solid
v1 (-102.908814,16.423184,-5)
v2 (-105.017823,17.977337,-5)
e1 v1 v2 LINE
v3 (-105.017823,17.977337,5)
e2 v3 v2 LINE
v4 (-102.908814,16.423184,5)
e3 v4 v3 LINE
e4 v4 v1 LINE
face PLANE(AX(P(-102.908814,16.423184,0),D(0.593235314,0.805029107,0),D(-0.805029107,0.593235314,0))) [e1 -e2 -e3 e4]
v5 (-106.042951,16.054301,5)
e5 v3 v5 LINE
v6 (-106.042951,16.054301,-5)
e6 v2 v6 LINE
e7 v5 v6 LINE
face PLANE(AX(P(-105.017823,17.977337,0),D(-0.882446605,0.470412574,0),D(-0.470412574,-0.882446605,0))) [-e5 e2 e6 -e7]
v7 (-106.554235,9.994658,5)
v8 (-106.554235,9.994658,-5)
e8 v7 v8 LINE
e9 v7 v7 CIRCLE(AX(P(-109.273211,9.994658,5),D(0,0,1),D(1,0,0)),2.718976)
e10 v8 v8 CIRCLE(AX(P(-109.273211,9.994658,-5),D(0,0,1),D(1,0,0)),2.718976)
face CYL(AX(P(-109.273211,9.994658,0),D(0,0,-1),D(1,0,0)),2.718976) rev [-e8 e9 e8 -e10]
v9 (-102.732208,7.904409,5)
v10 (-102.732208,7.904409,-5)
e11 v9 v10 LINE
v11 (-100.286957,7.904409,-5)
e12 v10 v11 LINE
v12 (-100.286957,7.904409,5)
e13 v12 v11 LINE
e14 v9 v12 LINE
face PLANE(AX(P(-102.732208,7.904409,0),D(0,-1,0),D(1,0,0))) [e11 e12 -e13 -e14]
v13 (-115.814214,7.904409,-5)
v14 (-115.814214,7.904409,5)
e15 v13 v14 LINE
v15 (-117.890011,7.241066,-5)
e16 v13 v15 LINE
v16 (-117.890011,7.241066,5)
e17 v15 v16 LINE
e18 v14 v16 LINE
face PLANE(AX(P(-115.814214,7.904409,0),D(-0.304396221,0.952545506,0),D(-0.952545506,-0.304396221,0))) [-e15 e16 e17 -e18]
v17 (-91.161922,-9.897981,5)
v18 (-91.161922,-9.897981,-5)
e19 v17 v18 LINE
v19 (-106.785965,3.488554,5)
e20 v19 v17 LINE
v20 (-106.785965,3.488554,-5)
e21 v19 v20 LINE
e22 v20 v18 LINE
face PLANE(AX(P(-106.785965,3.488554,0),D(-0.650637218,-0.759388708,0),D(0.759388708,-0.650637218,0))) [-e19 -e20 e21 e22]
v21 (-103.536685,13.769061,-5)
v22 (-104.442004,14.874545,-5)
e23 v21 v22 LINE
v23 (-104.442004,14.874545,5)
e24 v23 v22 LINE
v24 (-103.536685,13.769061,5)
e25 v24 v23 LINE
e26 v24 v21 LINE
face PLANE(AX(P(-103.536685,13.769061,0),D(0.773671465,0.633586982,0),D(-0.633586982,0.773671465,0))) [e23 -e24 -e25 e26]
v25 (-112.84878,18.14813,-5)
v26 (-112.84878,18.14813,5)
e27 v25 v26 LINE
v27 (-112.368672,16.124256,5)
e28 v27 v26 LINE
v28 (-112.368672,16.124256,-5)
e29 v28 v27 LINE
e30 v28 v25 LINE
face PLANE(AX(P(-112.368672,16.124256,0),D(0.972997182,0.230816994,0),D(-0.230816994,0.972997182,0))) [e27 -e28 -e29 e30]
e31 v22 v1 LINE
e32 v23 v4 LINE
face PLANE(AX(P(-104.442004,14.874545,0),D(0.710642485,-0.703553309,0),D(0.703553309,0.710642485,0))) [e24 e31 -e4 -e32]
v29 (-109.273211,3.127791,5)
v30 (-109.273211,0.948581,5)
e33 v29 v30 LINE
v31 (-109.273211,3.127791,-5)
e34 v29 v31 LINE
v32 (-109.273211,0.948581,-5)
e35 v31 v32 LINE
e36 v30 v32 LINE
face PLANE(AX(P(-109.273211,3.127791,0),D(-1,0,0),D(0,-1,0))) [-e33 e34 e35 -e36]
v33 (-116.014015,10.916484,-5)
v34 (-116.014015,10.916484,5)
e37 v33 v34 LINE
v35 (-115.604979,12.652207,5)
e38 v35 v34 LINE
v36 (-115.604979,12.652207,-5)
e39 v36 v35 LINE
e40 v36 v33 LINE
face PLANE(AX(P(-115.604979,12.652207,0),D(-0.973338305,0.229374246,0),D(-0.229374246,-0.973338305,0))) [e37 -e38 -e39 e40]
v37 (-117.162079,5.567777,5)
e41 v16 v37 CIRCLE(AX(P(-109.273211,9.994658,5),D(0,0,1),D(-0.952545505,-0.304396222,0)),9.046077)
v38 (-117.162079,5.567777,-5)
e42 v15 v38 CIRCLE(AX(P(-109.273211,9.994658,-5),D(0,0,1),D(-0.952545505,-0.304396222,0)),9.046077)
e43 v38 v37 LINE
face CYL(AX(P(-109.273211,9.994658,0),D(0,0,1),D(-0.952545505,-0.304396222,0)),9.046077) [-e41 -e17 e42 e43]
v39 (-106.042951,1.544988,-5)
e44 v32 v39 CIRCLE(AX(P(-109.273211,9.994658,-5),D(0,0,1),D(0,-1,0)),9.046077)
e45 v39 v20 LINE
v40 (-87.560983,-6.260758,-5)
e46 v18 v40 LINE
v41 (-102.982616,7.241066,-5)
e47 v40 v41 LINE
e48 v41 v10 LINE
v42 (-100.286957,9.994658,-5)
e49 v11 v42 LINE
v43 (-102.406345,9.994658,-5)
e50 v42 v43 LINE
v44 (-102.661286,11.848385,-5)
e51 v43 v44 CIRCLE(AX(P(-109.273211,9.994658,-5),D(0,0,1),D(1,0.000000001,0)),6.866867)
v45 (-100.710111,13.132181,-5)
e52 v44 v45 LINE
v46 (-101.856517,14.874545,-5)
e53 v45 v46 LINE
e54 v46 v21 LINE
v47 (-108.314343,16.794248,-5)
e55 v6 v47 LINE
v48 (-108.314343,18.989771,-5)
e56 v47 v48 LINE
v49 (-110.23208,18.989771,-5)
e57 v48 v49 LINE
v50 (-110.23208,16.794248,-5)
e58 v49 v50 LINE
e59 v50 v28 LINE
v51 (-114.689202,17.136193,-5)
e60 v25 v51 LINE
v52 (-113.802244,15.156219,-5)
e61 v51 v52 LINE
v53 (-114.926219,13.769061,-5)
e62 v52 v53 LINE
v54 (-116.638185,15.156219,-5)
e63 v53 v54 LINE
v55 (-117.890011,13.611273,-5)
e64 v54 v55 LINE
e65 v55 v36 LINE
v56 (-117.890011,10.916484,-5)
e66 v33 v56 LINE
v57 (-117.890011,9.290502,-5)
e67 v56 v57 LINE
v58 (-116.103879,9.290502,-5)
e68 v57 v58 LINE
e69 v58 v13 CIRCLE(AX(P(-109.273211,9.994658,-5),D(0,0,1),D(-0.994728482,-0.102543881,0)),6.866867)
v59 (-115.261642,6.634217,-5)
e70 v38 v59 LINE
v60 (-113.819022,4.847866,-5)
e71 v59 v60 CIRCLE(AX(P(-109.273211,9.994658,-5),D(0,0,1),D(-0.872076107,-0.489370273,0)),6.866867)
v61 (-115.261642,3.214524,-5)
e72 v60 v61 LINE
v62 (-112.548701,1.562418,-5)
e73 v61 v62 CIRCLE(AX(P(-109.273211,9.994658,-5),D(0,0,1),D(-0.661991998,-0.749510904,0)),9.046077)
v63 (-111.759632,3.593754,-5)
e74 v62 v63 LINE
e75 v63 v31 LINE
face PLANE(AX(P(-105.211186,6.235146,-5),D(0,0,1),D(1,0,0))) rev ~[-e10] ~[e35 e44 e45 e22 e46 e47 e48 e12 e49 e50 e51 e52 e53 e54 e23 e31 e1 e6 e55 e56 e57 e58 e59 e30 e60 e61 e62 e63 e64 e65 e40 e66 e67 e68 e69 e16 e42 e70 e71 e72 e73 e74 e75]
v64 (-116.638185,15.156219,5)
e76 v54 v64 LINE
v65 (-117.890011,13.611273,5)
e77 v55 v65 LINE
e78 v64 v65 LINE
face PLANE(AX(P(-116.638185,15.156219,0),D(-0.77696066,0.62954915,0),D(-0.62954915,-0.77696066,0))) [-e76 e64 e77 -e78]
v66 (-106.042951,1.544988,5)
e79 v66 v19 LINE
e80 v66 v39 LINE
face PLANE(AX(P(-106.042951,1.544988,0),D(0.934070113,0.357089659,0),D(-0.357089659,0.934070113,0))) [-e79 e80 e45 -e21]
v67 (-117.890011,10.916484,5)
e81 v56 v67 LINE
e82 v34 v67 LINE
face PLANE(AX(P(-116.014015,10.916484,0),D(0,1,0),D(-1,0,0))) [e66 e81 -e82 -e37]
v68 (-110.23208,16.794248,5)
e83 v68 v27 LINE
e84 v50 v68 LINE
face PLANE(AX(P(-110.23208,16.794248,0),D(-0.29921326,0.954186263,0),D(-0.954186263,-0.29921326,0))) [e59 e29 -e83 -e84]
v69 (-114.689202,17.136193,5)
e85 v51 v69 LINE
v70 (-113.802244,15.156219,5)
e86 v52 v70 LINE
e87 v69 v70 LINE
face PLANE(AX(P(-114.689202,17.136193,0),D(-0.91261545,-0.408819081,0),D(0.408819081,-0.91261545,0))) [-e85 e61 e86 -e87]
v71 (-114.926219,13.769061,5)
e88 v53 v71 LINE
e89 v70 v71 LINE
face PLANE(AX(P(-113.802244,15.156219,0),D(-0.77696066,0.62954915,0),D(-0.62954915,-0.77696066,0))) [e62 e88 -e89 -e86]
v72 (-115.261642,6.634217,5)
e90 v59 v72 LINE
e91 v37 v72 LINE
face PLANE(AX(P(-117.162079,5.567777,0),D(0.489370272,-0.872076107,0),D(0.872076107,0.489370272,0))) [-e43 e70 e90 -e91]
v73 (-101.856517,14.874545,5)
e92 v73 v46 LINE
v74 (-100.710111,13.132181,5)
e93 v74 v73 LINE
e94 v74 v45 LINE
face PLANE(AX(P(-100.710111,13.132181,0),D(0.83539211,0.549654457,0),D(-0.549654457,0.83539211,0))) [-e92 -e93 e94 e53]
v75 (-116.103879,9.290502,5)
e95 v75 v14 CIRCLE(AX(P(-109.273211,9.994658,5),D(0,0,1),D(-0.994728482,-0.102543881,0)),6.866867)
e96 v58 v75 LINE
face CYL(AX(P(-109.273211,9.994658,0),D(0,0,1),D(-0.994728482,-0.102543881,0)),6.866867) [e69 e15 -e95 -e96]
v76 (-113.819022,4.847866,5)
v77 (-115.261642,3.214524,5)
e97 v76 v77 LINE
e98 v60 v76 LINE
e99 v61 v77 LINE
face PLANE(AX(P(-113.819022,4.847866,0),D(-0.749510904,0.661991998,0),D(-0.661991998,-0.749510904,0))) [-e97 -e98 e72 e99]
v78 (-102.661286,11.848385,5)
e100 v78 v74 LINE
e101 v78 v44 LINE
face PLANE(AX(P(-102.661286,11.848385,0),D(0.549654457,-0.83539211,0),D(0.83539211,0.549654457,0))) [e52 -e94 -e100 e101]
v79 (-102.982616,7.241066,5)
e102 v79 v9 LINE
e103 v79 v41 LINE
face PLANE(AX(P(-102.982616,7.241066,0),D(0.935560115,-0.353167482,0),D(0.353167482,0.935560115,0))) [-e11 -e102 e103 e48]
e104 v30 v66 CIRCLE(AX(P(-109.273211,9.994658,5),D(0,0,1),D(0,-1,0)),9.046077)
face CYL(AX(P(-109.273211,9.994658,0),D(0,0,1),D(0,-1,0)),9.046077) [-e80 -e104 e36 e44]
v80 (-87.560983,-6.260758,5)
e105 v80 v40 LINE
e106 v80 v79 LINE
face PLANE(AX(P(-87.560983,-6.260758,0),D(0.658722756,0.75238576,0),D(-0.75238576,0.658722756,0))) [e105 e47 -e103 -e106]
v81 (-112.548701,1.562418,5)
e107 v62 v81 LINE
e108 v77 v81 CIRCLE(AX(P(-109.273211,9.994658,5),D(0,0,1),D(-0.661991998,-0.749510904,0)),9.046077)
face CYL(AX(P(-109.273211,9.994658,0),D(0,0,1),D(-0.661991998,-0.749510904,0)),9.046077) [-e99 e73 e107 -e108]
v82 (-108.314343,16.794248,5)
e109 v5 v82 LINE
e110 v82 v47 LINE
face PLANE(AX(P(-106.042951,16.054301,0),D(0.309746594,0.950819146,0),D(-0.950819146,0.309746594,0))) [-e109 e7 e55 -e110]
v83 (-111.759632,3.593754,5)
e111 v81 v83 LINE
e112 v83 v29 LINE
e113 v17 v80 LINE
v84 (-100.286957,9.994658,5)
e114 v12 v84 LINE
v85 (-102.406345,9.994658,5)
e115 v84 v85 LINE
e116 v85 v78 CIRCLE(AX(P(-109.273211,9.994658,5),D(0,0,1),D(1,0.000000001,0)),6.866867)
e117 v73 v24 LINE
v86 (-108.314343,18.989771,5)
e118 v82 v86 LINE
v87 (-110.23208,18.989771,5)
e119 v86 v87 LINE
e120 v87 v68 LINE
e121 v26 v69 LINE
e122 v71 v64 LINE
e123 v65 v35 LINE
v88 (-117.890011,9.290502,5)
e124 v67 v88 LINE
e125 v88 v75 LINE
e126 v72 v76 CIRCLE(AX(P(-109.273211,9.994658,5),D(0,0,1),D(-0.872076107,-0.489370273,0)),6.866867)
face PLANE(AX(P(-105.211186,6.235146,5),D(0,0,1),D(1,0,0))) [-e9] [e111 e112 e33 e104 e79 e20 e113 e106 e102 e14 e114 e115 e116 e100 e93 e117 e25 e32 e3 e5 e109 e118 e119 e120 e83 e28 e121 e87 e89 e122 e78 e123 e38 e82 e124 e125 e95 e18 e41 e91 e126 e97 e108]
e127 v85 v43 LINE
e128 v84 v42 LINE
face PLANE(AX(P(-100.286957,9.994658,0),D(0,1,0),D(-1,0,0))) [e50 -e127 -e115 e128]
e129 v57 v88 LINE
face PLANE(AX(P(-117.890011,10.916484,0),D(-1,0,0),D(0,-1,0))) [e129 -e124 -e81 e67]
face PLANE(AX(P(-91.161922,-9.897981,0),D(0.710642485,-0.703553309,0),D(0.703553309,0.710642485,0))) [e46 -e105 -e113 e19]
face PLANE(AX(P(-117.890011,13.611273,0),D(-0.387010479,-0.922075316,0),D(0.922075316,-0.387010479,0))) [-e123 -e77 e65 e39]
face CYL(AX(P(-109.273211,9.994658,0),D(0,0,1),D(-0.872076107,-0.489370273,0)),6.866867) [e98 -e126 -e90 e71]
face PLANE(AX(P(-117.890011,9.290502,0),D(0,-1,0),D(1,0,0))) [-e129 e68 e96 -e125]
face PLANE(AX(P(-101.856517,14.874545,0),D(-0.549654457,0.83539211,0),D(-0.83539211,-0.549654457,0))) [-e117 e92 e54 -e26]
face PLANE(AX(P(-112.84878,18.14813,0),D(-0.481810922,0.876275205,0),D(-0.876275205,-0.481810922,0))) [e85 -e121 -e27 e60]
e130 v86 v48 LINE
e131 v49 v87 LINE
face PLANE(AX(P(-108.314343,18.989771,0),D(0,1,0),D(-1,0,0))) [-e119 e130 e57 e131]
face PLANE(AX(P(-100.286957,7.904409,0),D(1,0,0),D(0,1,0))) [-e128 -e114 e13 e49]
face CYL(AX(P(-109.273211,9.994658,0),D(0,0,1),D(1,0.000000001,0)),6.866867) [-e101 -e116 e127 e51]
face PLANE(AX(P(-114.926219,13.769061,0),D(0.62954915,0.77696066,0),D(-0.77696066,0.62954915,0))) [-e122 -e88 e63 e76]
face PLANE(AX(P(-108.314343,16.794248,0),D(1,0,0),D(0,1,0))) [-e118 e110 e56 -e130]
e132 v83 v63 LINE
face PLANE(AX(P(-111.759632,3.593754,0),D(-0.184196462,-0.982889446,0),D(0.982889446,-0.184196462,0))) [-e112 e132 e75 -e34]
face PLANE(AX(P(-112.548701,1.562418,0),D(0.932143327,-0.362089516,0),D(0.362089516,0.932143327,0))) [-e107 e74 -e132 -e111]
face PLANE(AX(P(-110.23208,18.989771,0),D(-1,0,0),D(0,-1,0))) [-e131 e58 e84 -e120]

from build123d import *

# Parameters (mm, degrees)
SKETCH7_R           = 2.718976156
BOSS_EXTRUDE5_DEPTH = 5


with BuildPart() as part:
    # Sketch7 → Boss-Extrude5 (new body, symmetric)
    with BuildSketch(Plane.XY):
        with BuildLine():
            Line((-108.314342925, 18.989771489), (-110.232079527, 18.989771489))
            Line((-110.232079527, 18.989771489), (-110.232079527, 16.794247959))
            Line((-110.232079527, 16.794247959), (-112.368671741, 16.124256422))
            Line((-112.368671741, 16.124256422), (-112.848780488, 18.148130182))
            Line((-112.848780488, 18.148130182), (-114.689202025, 17.136193302))
            Line((-114.689202025, 17.136193302), (-113.802244367, 15.156219029))
            Line((-113.802244367, 15.156219029), (-114.926218754, 13.769061439))
            Line((-114.926218754, 13.769061439), (-116.638184972, 15.156219029))
            Line((-116.638184972, 15.156219029), (-117.890010894, 13.611272945))
            Line((-117.890010894, 13.611272945), (-115.604979487, 12.652206929))
            Line((-115.604979487, 12.652206929), (-116.014015282, 10.916483695))
            Line((-116.014015282, 10.916483695), (-117.890010894, 10.916483695))
            Line((-117.890010894, 10.916483695), (-117.890010894, 9.290502395))
            Line((-117.890010894, 9.290502395), (-116.103879087, 9.290502395))
            ThreePointArc((-116.103879087, 9.290502395), (-115.994870907, 8.589969318), (-115.814214218, 7.904409303))
            Line((-115.814214218, 7.904409303), (-117.890010894, 7.24106602))
            ThreePointArc((-117.890010894, 7.24106602), (-117.56834444, 6.386019614), (-117.162078542, 5.567776566))
            Line((-117.162078542, 5.567776566), (-115.261641584, 6.634217149))
            ThreePointArc((-115.261641584, 6.634217149), (-114.615525484, 5.680316792), (-113.819022014, 4.847866116))
            Line((-113.819022014, 4.847866116), (-115.261641584, 3.214524472))
            ThreePointArc((-115.261641584, 3.214524472), (-113.978252901, 2.268462787), (-112.548700742, 1.562417569))
            Line((-112.548700742, 1.562417569), (-111.759631654, 3.593753614))
            Line((-111.759631654, 3.593753614), (-109.273211226, 3.127790889))
            Line((-109.273211226, 3.127790889), (-109.273211226, 0.948580907))
            ThreePointArc((-109.273211226, 0.948580907), (-107.630782877, 1.098932073), (-106.042950797, 1.544987721))
            Line((-106.042950797, 1.544987721), (-106.785965128, 3.488554168))
            Line((-106.785965128, 3.488554168), (-91.16192211, -9.89798132))
            Line((-91.16192211, -9.89798132), (-87.560983072, -6.260758332))
            Line((-87.560983072, -6.260758332), (-102.982615742, 7.24106602))
            Line((-102.982615742, 7.24106602), (-102.732208234, 7.904409303))
            Line((-102.732208234, 7.904409303), (-100.286956522, 7.904409303))
            Line((-100.286956522, 7.904409303), (-100.286956522, 9.994657565))
            Line((-100.286956522, 9.994657565), (-102.40634455, 9.994657565))
            ThreePointArc((-102.40634455, 9.994657565), (-102.470378556, 10.930245938), (-102.661286329, 11.848385459))
            Line((-102.661286329, 11.848385459), (-100.710110893, 13.132180531))
            Line((-100.710110893, 13.132180531), (-101.856516581, 14.874544766))
            Line((-101.856516581, 14.874544766), (-103.536684982, 13.769061439))
            Line((-103.536684982, 13.769061439), (-104.442004457, 14.874544766))
            Line((-104.442004457, 14.874544766), (-102.908814063, 16.423183965))
            Line((-102.908814063, 16.423183965), (-105.01782302, 17.977337199))
            Line((-105.01782302, 17.977337199), (-106.042950797, 16.054300748))
            Line((-106.042950797, 16.054300748), (-108.314342925, 16.794247959))
            Line((-108.314342925, 16.794247959), (-108.314342925, 18.989771489))
        make_face()
        with Locations((-109.273211226, 9.994657565)):
            Circle(SKETCH7_R, mode=Mode.SUBTRACT)
    extrude(amount=BOSS_EXTRUDE5_DEPTH, both=True)


solid = part.part
